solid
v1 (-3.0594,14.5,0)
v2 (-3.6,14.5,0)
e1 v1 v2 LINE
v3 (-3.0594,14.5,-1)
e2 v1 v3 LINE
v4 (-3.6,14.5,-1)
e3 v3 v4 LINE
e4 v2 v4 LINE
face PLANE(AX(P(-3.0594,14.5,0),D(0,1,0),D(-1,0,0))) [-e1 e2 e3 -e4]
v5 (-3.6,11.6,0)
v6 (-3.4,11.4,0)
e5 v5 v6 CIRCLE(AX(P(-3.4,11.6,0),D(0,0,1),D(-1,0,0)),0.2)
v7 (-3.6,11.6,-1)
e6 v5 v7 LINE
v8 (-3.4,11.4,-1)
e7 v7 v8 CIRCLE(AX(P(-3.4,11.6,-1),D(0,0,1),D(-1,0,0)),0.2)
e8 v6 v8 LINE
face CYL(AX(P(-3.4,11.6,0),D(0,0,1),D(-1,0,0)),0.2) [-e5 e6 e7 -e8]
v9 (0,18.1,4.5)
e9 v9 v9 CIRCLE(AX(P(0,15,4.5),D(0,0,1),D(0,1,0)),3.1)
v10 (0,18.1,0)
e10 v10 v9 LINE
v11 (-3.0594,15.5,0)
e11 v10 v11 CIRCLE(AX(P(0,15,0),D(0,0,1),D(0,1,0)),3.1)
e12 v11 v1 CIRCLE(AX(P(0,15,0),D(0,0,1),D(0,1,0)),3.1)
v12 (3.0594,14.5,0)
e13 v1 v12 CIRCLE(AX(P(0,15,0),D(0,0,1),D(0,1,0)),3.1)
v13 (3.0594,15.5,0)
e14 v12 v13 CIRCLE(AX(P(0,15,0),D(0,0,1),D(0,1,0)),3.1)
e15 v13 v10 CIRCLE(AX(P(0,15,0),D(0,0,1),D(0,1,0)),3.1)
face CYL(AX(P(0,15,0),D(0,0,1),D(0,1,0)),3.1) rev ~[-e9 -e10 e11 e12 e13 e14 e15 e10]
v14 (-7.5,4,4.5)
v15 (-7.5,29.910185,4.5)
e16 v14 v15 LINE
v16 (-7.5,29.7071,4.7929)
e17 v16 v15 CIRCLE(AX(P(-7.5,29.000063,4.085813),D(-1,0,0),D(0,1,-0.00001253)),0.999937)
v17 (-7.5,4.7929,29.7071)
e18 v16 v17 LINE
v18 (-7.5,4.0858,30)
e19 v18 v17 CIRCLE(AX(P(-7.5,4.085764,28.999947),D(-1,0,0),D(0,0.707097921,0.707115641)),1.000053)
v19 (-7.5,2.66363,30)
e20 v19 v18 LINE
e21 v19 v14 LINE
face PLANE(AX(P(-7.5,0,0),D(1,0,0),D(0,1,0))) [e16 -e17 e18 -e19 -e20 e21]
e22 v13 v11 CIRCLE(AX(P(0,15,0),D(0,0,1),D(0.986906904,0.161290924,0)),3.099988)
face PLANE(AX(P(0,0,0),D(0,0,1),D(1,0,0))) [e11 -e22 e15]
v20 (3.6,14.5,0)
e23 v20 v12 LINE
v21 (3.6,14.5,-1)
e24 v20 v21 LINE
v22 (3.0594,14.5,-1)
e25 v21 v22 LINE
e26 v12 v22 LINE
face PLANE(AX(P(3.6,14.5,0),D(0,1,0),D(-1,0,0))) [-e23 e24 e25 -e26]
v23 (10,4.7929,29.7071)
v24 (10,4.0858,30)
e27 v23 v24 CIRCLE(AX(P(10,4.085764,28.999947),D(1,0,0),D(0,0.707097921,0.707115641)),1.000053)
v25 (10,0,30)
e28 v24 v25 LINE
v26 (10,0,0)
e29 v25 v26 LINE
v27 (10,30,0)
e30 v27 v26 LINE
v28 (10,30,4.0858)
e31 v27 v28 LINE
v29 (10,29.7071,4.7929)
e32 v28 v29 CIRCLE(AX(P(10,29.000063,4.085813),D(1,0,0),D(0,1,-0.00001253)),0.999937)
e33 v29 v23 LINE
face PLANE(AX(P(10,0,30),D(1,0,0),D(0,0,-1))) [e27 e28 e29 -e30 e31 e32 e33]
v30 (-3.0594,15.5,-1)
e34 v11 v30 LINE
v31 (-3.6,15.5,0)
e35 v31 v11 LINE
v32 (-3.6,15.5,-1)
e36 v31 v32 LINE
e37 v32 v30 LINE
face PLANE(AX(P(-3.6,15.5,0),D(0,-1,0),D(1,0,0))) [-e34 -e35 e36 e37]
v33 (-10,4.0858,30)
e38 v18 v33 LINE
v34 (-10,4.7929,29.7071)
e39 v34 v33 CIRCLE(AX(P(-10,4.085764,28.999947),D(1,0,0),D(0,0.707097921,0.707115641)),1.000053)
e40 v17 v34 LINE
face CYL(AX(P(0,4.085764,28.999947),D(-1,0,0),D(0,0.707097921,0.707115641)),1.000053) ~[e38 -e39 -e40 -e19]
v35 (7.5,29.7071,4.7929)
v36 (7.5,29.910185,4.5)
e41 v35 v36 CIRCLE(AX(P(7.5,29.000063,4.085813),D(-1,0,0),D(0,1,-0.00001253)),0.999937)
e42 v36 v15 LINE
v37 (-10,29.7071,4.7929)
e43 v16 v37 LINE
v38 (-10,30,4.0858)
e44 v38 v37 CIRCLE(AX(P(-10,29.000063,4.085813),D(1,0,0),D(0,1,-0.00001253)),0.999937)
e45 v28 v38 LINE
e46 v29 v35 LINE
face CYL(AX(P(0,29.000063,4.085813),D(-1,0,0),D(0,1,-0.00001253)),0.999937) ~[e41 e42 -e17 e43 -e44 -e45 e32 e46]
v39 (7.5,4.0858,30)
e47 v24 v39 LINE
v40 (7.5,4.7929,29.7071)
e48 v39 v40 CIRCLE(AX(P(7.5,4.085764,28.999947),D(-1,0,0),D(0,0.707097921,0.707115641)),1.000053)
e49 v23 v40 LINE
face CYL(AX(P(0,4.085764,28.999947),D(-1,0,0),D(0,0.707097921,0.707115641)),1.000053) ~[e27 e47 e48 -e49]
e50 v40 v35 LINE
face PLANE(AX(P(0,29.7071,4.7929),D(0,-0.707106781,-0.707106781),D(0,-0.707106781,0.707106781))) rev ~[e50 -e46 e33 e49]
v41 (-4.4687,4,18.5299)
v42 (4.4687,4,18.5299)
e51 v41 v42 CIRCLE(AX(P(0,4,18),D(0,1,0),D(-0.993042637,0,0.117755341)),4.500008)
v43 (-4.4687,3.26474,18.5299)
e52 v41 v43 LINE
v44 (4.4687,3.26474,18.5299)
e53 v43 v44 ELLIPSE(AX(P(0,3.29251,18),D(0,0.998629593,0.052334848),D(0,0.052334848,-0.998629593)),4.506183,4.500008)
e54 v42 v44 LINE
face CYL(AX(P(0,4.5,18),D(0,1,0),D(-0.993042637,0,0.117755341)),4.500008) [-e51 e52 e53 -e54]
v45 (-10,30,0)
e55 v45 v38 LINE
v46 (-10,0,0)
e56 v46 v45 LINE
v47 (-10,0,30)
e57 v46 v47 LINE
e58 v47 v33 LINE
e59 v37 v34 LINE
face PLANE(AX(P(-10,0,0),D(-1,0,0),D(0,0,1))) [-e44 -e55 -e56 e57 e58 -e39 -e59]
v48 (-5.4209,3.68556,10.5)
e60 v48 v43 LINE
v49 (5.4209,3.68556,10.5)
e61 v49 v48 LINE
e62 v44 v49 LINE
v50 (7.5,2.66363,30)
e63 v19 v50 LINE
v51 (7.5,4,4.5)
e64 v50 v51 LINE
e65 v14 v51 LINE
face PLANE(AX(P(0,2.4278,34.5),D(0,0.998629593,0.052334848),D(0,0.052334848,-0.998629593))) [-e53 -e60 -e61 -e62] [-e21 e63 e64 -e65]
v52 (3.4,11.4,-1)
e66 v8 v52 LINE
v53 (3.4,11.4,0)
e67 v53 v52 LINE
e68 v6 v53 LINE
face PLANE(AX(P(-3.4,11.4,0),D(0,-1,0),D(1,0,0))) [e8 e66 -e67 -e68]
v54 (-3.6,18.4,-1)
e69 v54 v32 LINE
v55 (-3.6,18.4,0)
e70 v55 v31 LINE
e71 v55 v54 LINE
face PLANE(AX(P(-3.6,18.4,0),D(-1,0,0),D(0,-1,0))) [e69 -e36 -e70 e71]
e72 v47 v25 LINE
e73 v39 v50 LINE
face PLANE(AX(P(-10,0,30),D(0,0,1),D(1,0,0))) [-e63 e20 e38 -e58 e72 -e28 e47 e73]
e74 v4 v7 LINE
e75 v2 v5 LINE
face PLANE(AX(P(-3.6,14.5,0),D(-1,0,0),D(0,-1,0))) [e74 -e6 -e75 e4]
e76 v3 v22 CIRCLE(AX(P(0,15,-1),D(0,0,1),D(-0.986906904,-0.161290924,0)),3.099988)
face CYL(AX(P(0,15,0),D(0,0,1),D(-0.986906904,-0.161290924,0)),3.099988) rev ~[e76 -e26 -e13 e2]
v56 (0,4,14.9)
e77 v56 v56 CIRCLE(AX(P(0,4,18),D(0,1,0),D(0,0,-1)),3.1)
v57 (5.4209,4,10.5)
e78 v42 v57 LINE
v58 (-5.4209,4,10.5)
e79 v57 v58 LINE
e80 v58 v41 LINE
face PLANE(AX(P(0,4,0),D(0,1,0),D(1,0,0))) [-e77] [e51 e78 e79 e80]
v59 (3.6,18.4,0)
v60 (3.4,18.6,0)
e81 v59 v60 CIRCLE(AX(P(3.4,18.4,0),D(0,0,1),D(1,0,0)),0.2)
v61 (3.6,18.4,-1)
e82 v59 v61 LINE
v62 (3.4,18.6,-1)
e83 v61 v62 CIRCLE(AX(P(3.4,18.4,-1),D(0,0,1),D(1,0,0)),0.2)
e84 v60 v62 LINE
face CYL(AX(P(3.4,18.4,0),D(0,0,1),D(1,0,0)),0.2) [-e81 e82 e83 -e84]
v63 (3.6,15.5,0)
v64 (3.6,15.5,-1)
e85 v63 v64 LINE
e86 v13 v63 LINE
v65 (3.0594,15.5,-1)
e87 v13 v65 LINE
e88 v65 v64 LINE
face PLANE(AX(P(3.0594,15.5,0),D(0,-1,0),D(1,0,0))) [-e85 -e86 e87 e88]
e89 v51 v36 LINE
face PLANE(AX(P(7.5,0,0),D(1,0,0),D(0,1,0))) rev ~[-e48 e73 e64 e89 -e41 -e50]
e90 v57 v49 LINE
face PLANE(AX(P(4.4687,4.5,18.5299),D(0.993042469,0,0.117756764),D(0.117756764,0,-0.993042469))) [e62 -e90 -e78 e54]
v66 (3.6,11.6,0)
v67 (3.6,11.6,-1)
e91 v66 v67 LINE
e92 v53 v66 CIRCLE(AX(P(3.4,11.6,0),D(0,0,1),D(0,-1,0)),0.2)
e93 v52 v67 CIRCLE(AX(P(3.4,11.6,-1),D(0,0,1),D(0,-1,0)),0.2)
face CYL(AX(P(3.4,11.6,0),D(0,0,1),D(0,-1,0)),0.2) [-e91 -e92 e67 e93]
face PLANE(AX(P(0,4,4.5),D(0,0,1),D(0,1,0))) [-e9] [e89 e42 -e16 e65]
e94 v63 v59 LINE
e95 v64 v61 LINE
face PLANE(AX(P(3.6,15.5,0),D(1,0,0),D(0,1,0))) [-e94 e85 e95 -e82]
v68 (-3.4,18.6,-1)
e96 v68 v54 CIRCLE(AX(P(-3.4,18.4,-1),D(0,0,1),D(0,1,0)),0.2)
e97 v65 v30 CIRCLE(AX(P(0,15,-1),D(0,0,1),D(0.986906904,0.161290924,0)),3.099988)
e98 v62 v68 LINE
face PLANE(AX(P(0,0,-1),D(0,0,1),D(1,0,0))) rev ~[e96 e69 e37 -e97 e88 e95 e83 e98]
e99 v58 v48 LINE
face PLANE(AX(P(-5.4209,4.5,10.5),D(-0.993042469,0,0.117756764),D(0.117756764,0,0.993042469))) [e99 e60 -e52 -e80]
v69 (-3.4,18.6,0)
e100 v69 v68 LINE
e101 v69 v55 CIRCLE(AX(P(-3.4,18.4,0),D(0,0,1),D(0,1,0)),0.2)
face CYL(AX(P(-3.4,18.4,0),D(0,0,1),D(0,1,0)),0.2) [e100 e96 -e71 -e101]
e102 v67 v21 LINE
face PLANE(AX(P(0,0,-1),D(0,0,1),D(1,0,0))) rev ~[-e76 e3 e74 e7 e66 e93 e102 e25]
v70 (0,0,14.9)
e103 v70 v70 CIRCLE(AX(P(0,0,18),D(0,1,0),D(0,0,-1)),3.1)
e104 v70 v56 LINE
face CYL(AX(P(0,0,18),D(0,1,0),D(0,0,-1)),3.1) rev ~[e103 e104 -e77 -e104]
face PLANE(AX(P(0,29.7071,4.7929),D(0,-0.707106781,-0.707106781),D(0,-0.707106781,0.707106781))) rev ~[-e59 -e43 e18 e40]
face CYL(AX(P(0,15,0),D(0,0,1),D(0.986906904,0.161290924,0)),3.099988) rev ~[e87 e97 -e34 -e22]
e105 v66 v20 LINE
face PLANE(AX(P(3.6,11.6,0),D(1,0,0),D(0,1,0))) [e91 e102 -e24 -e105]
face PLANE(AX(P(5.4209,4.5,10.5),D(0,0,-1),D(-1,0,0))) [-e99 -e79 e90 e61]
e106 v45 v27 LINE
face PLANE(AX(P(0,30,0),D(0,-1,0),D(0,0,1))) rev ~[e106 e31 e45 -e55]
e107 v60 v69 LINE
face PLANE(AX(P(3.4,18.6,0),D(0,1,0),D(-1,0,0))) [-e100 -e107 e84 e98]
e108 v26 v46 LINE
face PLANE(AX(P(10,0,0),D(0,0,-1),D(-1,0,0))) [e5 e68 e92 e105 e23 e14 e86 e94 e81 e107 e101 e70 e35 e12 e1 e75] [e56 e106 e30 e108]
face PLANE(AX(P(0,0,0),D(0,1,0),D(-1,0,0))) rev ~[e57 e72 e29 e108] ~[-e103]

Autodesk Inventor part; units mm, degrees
sketch "Sketch_15" plane through (0, 0, 0) normal (1, 0, 0) x (0, 1, 0)
  line L0 (0, 30) -> (0, 0)
  line L1 (0, 0) -> (30, 0)
  line L2 (30, 0) -> (30, 4.0858)
  arc A0 (30, 4.0858) -> (29.7071, 4.7929) centre (29, 4.0858) ccw
  line L3 (29.7071, 4.7929) -> (4.7929, 29.7071)
  arc A1 (4.7929, 29.7071) -> (4.0858, 30) centre (4.0858, 29) ccw
  line L4 (4.0858, 30) -> (0, 30)
extrude "Extrusion1" add sketch "Sketch_15" along normal mid plane 20
sketch "Sketch_16" plane through (0, 0, 0) normal (1, 0, 0) x (0, 1, 0)
  line L0 (2.9278, 34.5) -> (4.4738, 5)
  line L1 (4.4738, 5) -> (34.5, 5)
  line L2 (34.5, 5) -> (34.5, 34.5)
  line L3 (34.5, 34.5) -> (2.9278, 34.5)
extrude "Extrusion2" cut sketch "Sketch_16" along normal mid plane 15
sketch "Sketch_82" plane through (0, 0, 0) normal (1, 0, 0) x (0, 1, 0)
  line L0 (2.4278, 34.5) -> (4, 4.5)
  line L1 (4, 4.5) -> (34, 4.5)
  line L2 (34, 4.5) -> (34, 34.5)
  line L3 (34, 34.5) -> (2.4278, 34.5)
extrude "Extrusion3" cut sketch "Sketch_82" along normal mid plane 15
sketch "Sketch_17" plane through (0, 4.5, 0) normal (0, 1, 0) x (1, 0, 0)
  line L0 (-5.4209, -10.5) -> (-4.4687, -18.5299)
  arc A0 (-4.4687, -18.5299) -> (4.4687, -18.5299) centre (0, -18) ccw
  line L1 (4.4687, -18.5299) -> (5.4209, -10.5)
  line L2 (5.4209, -10.5) -> (-5.4209, -10.5)
extrude "Extrusion4" add sketch "Sketch_17" against normal blind 2.25
sketch "Sketch5" plane through (10, 0, 0) normal (0, 0, -1) x (-1, 0, 0)
  point P0 (10, 15)
hole "Hole1" at (0, 15, 0) direction (0, 0, 1) diameter 6.2 depth 5.5
sketch "Sketch6" plane through (-10, 0, 30) normal (0, -1, 0) x (1, 0, 0)
  point P0 (10, -12)
hole "Hole2" at (0, 0, 18) direction (0, 1, 0) diameter 6.2 depth 4.5
sketch "Sketch_1" plane through (0, 0, 0) normal (0, 1, 0) x (-1, 0, 0)
  line L0 (10, 0) -> (10, 30)
  line L1 (10, 30) -> (-10, 30)
  line L2 (-10, 30) -> (-10, 0)
  line L3 (-10, 0) -> (10, 0)
extrude "Extrusion5" add sketch "Sketch_1" against normal blind 1
sketch "Sketch_4" plane through (0, 0, 0) normal (0, 1, 0) x (-1, 0, 0)
  line L0 (10, 0) -> (10, 30)
  line L1 (10, 30) -> (-10, 30)
  line L2 (-10, 30) -> (-10, 0)
  line L3 (-10, 0) -> (10, 0)
extrude "Extrusion6" cut sketch "Sketch_4" against normal blind 1
sketch "Sketch_72" plane through (0, 0, 0) normal (0, 0, 1) x (1, 0, 0)
  line L0 (-3.6, 14.5) -> (-3.6, 11.6)
  arc A0 (-3.6, 11.6) -> (-3.4, 11.4) centre (-3.4, 11.6) ccw
  line L1 (-3.4, 11.4) -> (3.4, 11.4)
  arc A1 (3.4, 11.4) -> (3.6, 11.6) centre (3.4, 11.6) ccw
  line L2 (3.6, 11.6) -> (3.6, 14.5)
  line L3 (3.6, 14.5) -> (3.0594, 14.5)
  arc A2 (-3.0594, 14.5) -> (3.0594, 14.5) centre (0, 15) ccw
  line L4 (-3.0594, 14.5) -> (-3.6, 14.5)
extrude "Extrusion7" add sketch "Sketch_72" against normal blind 1
sketch "Sketch_73" plane through (0, 0, 0) normal (0, 0, 1) x (1, 0, 0)
  line L0 (-3.6, 15.5) -> (-3.0594, 15.5)
  arc A0 (3.0594, 15.5) -> (-3.0594, 15.5) centre (0, 15) ccw
  line L1 (3.0594, 15.5) -> (3.6, 15.5)
  line L2 (3.6, 15.5) -> (3.6, 18.4)
  arc A1 (3.6, 18.4) -> (3.4, 18.6) centre (3.4, 18.4) ccw
  line L3 (3.4, 18.6) -> (-3.4, 18.6)
  arc A2 (-3.4, 18.6) -> (-3.6, 18.4) centre (-3.4, 18.4) ccw
  line L4 (-3.6, 18.4) -> (-3.6, 15.5)
extrude "Extrusion8" add sketch "Sketch_73" against normal blind 1
sketch "Sketch_86" plane through (0, 4.5, 0) normal (0, 1, 0) x (1, 0, 0)
  line L0 (-5.4209, -10.5) -> (-4.4687, -18.5299)
  arc A0 (-4.4687, -18.5299) -> (4.4687, -18.5299) centre (0, -18) ccw
  line L1 (4.4687, -18.5299) -> (5.4209, -10.5)
  line L2 (5.4209, -10.5) -> (-5.4209, -10.5)
extrude "Extrusion9" cut sketch "Sketch_86" against normal blind 0.5
ref_plane "SD6_50_1_XY" through (-10, 15, 4.5) normal (0, 0, 1) x (1, 0, 0)
ref_plane "SD6_50_1_YZ" through (-10, 15, 4.5) normal (1, 0, 0) x (0, 1, 0)
ref_plane "SD6_50_1_ZX" through (-10, 15, 4.5) normal (0, 1, 0) x (0, 0, 1)
ref_plane "SD6_50_2_XY" through (10, 15, 4.5) normal (0, 0, 1) x (1, 0, 0)
ref_plane "SD6_50_2_YZ" through (10, 15, 4.5) normal (1, 0, 0) x (0, 1, 0)
ref_plane "SD6_50_2_ZX" through (10, 15, 4.5) normal (0, 1, 0) x (0, 0, 1)
ref_plane "SD6_50_3_XY" through (-10, 4.5, 18) normal (0, 1, 0) x (1, 0, 0)
ref_plane "SD6_50_3_YZ" through (-10, 4.5, 18) normal (1, 0, 0) x (0, 0, -1)
ref_plane "SD6_50_3_ZX" through (-10, 4.5, 18) normal (0, 0, -1) x (0, 1, 0)
ref_plane "SD6_50_4_XY" through (10, 4.5, 18) normal (0, 1, 0) x (1, 0, 0)
ref_plane "SD6_50_4_YZ" through (10, 4.5, 18) normal (1, 0, 0) x (0, 0, -1)
ref_plane "SD6_50_4_ZX" through (10, 4.5, 18) normal (0, 0, -1) x (0, 1, 0)
ref_plane "a10_to_bolt_XY" through (15, 15, 4.5) normal (0, 0, 1) x (1, 0, 0)
ref_plane "a10_to_bolt_YZ" through (15, 15, 4.5) normal (1, 0, 0) x (0, 1, 0)
ref_plane "a10_to_bolt_ZX" through (15, 15, 4.5) normal (0, 1, 0) x (0, 0, 1)
ref_plane "a11_to_bolt_XY" through (-15, 4.5, 18) normal (0, 1, 0) x (1, 0, 0)
ref_plane "a11_to_bolt_YZ" through (-15, 4.5, 18) normal (1, 0, 0) x (0, 0, -1)
ref_plane "a11_to_bolt_ZX" through (-15, 4.5, 18) normal (0, 0, -1) x (0, 1, 0)
ref_plane "a12_to_bolt_XY" through (15, 4.5, 18) normal (0, 1, 0) x (1, 0, 0)
ref_plane "a12_to_bolt_YZ" through (15, 4.5, 18) normal (1, 0, 0) x (0, 0, -1)
ref_plane "a12_to_bolt_ZX" through (15, 4.5, 18) normal (0, 0, -1) x (0, 1, 0)
ref_plane "a13_to_bolt_XY" through (0, 4.5, 38) normal (0, 1, 0) x (1, 0, 0)
ref_plane "a13_to_bolt_YZ" through (0, 4.5, 38) normal (1, 0, 0) x (0, 0, -1)
ref_plane "a13_to_bolt_ZX" through (0, 4.5, 38) normal (0, 0, -1) x (0, 1, 0)
ref_plane "a14_to_bolt_XY" through (0, 30, 4.5) normal (0, 0, 1) x (1, 0, 0)
ref_plane "a14_to_bolt_YZ" through (0, 30, 4.5) normal (1, 0, 0) x (0, 1, 0)
ref_plane "a14_to_bolt_ZX" through (0, 30, 4.5) normal (0, 1, 0) x (0, 0, 1)
ref_plane "a1_to_bolt_XY" through (-10, 20, 4.5) normal (0, 0, 1) x (1, 0, 0)
ref_plane "a1_to_bolt_YZ" through (-10, 20, 4.5) normal (1, 0, 0) x (0, 1, 0)
ref_plane "a1_to_bolt_ZX" through (-10, 20, 4.5) normal (0, 1, 0) x (0, 0, 1)
ref_plane "a2_to_bolt_XY" through (-10, 4.5, 15) normal (0, 1, 0) x (1, 0, 0)
ref_plane "a2_to_bolt_YZ" through (-10, 4.5, 15) normal (1, 0, 0) x (0, 0, -1)
ref_plane "a2_to_bolt_ZX" through (-10, 4.5, 15) normal (0, 0, -1) x (0, 1, 0)
ref_plane "a3_to_bolt_XY" through (1, 15, 4.5) normal (0, 0, 1) x (1, 0, 0)
ref_plane "a3_to_bolt_YZ" through (1, 15, 4.5) normal (1, 0, 0) x (0, 1, 0)
ref_plane "a3_to_bolt_ZX" through (1, 15, 4.5) normal (0, 1, 0) x (0, 0, 1)
ref_plane "a4_to_bolt_XY" through (1, 4, 18) normal (0, 1, 0) x (1, 0, 0)
ref_plane "a4_to_bolt_YZ" through (1, 4, 18) normal (1, 0, 0) x (0, 0, -1)
ref_plane "a4_to_bolt_ZX" through (1, 4, 18) normal (0, 0, -1) x (0, 1, 0)
ref_plane "a55_to_bolt_XY" through (0, 18, 4.5) normal (0, 0, 1) x (1, 0, 0)
ref_plane "a55_to_bolt_YZ" through (0, 18, 4.5) normal (1, 0, 0) x (0, 1, 0)
ref_plane "a55_to_bolt_ZX" through (0, 18, 4.5) normal (0, 1, 0) x (0, 0, 1)
ref_plane "a5_to_bolt_XY" through (0, 15, 4.5) normal (0, 0, 1) x (1, 0, 0)
ref_plane "a5_to_bolt_YZ" through (0, 15, 4.5) normal (1, 0, 0) x (0, 1, 0)
ref_plane "a5_to_bolt_ZX" through (0, 15, 4.5) normal (0, 1, 0) x (0, 0, 1)
ref_plane "a6_to_bolt_XY" through (0, 4, 18) normal (0, 1, 0) x (1, 0, 0)
ref_plane "a6_to_bolt_YZ" through (0, 4, 18) normal (1, 0, 0) x (0, 0, -1)
ref_plane "a6_to_bolt_ZX" through (0, 4, 18) normal (0, 0, -1) x (0, 1, 0)
ref_plane "a7_to_bolt_XY" through (0, 35, 4.5) normal (0, 0, 1) x (1, 0, 0)
ref_plane "a7_to_bolt_YZ" through (0, 35, 4.5) normal (1, 0, 0) x (0, 1, 0)
ref_plane "a7_to_bolt_ZX" through (0, 35, 4.5) normal (0, 1, 0) x (0, 0, 1)
ref_plane "a8_to_bolt_XY" through (0, 4.5, 48) normal (0, 1, 0) x (1, 0, 0)
ref_plane "a8_to_bolt_YZ" through (0, 4.5, 48) normal (1, 0, 0) x (0, 0, -1)
ref_plane "a8_to_bolt_ZX" through (0, 4.5, 48) normal (0, 0, -1) x (0, 1, 0)
ref_plane "a9_to_bolt_XY" through (-15, 15, 4.5) normal (0, 0, 1) x (1, 0, 0)
ref_plane "a9_to_bolt_YZ" through (-15, 15, 4.5) normal (1, 0, 0) x (0, 1, 0)
ref_plane "a9_to_bolt_ZX" through (-15, 15, 4.5) normal (0, 1, 0) x (0, 0, 1)
ref_plane "bracket_to_dummy_XY" through (0, 0, 0) normal (0, 1, 0) x (1, 0, 0)
ref_plane "bracket_to_dummy_YZ" through (0, 0, 0) normal (1, 0, 0) x (0, 0, -1)
ref_plane "bracket_to_dummy_ZX" through (0, 0, 0) normal (0, 0, -1) x (0, 1, 0)
ref_plane "hole_x1_bolt_XY" through (-10, 35, 4.5) normal (0, 0, 1) x (1, 0, 0)
ref_plane "hole_x1_bolt_YZ" through (-10, 35, 4.5) normal (1, 0, 0) x (0, 1, 0)
ref_plane "hole_x1_bolt_ZX" through (-10, 35, 4.5) normal (0, 1, 0) x (0, 0, 1)
ref_plane "holex2_to_bolt_XY" through (10, 35, 4.5) normal (0, 0, 1) x (1, 0, 0)
ref_plane "holex2_to_bolt_YZ" through (10, 35, 4.5) normal (1, 0, 0) x (0, 1, 0)
ref_plane "holex2_to_bolt_ZX" through (10, 35, 4.5) normal (0, 1, 0) x (0, 0, 1)
ref_plane "holex3_to_bolt_XY" through (10, 4.5, 35) normal (0, 1, 0) x (1, 0, 0)
ref_plane "holex3_to_bolt_YZ" through (10, 4.5, 35) normal (1, 0, 0) x (0, 0, -1)
ref_plane "holex3_to_bolt_ZX" through (10, 4.5, 35) normal (0, 0, -1) x (0, 1, 0)
ref_plane "holex4_to_bolt_XY" through (10, 4.5, 15) normal (0, 1, 0) x (1, 0, 0)
ref_plane "holex4_to_bolt_YZ" through (10, 4.5, 15) normal (1, 0, 0) x (0, 0, -1)
ref_plane "holex4_to_bolt_ZX" through (10, 4.5, 15) normal (0, 0, -1) x (0, 1, 0)
ref_plane "holex5_to_bolt_XY" through (-10, 4.5, 35) normal (0, 1, 0) x (1, 0, 0)
ref_plane "holex5_to_bolt_YZ" through (-10, 4.5, 35) normal (1, 0, 0) x (0, 0, -1)
ref_plane "holex5_to_bolt_ZX" through (-10, 4.5, 35) normal (0, 0, -1) x (0, 1, 0)
ref_plane "holex6_to_bolt_XY" through (10, 20, 4.5) normal (0, 0, 1) x (1, 0, 0)
ref_plane "holex6_to_bolt_YZ" through (10, 20, 4.5) normal (1, 0, 0) x (0, 1, 0)
ref_plane "holex6_to_bolt_ZX" through (10, 20, 4.5) normal (0, 1, 0) x (0, 0, 1)
properties part number "HBLFSNE6_"
